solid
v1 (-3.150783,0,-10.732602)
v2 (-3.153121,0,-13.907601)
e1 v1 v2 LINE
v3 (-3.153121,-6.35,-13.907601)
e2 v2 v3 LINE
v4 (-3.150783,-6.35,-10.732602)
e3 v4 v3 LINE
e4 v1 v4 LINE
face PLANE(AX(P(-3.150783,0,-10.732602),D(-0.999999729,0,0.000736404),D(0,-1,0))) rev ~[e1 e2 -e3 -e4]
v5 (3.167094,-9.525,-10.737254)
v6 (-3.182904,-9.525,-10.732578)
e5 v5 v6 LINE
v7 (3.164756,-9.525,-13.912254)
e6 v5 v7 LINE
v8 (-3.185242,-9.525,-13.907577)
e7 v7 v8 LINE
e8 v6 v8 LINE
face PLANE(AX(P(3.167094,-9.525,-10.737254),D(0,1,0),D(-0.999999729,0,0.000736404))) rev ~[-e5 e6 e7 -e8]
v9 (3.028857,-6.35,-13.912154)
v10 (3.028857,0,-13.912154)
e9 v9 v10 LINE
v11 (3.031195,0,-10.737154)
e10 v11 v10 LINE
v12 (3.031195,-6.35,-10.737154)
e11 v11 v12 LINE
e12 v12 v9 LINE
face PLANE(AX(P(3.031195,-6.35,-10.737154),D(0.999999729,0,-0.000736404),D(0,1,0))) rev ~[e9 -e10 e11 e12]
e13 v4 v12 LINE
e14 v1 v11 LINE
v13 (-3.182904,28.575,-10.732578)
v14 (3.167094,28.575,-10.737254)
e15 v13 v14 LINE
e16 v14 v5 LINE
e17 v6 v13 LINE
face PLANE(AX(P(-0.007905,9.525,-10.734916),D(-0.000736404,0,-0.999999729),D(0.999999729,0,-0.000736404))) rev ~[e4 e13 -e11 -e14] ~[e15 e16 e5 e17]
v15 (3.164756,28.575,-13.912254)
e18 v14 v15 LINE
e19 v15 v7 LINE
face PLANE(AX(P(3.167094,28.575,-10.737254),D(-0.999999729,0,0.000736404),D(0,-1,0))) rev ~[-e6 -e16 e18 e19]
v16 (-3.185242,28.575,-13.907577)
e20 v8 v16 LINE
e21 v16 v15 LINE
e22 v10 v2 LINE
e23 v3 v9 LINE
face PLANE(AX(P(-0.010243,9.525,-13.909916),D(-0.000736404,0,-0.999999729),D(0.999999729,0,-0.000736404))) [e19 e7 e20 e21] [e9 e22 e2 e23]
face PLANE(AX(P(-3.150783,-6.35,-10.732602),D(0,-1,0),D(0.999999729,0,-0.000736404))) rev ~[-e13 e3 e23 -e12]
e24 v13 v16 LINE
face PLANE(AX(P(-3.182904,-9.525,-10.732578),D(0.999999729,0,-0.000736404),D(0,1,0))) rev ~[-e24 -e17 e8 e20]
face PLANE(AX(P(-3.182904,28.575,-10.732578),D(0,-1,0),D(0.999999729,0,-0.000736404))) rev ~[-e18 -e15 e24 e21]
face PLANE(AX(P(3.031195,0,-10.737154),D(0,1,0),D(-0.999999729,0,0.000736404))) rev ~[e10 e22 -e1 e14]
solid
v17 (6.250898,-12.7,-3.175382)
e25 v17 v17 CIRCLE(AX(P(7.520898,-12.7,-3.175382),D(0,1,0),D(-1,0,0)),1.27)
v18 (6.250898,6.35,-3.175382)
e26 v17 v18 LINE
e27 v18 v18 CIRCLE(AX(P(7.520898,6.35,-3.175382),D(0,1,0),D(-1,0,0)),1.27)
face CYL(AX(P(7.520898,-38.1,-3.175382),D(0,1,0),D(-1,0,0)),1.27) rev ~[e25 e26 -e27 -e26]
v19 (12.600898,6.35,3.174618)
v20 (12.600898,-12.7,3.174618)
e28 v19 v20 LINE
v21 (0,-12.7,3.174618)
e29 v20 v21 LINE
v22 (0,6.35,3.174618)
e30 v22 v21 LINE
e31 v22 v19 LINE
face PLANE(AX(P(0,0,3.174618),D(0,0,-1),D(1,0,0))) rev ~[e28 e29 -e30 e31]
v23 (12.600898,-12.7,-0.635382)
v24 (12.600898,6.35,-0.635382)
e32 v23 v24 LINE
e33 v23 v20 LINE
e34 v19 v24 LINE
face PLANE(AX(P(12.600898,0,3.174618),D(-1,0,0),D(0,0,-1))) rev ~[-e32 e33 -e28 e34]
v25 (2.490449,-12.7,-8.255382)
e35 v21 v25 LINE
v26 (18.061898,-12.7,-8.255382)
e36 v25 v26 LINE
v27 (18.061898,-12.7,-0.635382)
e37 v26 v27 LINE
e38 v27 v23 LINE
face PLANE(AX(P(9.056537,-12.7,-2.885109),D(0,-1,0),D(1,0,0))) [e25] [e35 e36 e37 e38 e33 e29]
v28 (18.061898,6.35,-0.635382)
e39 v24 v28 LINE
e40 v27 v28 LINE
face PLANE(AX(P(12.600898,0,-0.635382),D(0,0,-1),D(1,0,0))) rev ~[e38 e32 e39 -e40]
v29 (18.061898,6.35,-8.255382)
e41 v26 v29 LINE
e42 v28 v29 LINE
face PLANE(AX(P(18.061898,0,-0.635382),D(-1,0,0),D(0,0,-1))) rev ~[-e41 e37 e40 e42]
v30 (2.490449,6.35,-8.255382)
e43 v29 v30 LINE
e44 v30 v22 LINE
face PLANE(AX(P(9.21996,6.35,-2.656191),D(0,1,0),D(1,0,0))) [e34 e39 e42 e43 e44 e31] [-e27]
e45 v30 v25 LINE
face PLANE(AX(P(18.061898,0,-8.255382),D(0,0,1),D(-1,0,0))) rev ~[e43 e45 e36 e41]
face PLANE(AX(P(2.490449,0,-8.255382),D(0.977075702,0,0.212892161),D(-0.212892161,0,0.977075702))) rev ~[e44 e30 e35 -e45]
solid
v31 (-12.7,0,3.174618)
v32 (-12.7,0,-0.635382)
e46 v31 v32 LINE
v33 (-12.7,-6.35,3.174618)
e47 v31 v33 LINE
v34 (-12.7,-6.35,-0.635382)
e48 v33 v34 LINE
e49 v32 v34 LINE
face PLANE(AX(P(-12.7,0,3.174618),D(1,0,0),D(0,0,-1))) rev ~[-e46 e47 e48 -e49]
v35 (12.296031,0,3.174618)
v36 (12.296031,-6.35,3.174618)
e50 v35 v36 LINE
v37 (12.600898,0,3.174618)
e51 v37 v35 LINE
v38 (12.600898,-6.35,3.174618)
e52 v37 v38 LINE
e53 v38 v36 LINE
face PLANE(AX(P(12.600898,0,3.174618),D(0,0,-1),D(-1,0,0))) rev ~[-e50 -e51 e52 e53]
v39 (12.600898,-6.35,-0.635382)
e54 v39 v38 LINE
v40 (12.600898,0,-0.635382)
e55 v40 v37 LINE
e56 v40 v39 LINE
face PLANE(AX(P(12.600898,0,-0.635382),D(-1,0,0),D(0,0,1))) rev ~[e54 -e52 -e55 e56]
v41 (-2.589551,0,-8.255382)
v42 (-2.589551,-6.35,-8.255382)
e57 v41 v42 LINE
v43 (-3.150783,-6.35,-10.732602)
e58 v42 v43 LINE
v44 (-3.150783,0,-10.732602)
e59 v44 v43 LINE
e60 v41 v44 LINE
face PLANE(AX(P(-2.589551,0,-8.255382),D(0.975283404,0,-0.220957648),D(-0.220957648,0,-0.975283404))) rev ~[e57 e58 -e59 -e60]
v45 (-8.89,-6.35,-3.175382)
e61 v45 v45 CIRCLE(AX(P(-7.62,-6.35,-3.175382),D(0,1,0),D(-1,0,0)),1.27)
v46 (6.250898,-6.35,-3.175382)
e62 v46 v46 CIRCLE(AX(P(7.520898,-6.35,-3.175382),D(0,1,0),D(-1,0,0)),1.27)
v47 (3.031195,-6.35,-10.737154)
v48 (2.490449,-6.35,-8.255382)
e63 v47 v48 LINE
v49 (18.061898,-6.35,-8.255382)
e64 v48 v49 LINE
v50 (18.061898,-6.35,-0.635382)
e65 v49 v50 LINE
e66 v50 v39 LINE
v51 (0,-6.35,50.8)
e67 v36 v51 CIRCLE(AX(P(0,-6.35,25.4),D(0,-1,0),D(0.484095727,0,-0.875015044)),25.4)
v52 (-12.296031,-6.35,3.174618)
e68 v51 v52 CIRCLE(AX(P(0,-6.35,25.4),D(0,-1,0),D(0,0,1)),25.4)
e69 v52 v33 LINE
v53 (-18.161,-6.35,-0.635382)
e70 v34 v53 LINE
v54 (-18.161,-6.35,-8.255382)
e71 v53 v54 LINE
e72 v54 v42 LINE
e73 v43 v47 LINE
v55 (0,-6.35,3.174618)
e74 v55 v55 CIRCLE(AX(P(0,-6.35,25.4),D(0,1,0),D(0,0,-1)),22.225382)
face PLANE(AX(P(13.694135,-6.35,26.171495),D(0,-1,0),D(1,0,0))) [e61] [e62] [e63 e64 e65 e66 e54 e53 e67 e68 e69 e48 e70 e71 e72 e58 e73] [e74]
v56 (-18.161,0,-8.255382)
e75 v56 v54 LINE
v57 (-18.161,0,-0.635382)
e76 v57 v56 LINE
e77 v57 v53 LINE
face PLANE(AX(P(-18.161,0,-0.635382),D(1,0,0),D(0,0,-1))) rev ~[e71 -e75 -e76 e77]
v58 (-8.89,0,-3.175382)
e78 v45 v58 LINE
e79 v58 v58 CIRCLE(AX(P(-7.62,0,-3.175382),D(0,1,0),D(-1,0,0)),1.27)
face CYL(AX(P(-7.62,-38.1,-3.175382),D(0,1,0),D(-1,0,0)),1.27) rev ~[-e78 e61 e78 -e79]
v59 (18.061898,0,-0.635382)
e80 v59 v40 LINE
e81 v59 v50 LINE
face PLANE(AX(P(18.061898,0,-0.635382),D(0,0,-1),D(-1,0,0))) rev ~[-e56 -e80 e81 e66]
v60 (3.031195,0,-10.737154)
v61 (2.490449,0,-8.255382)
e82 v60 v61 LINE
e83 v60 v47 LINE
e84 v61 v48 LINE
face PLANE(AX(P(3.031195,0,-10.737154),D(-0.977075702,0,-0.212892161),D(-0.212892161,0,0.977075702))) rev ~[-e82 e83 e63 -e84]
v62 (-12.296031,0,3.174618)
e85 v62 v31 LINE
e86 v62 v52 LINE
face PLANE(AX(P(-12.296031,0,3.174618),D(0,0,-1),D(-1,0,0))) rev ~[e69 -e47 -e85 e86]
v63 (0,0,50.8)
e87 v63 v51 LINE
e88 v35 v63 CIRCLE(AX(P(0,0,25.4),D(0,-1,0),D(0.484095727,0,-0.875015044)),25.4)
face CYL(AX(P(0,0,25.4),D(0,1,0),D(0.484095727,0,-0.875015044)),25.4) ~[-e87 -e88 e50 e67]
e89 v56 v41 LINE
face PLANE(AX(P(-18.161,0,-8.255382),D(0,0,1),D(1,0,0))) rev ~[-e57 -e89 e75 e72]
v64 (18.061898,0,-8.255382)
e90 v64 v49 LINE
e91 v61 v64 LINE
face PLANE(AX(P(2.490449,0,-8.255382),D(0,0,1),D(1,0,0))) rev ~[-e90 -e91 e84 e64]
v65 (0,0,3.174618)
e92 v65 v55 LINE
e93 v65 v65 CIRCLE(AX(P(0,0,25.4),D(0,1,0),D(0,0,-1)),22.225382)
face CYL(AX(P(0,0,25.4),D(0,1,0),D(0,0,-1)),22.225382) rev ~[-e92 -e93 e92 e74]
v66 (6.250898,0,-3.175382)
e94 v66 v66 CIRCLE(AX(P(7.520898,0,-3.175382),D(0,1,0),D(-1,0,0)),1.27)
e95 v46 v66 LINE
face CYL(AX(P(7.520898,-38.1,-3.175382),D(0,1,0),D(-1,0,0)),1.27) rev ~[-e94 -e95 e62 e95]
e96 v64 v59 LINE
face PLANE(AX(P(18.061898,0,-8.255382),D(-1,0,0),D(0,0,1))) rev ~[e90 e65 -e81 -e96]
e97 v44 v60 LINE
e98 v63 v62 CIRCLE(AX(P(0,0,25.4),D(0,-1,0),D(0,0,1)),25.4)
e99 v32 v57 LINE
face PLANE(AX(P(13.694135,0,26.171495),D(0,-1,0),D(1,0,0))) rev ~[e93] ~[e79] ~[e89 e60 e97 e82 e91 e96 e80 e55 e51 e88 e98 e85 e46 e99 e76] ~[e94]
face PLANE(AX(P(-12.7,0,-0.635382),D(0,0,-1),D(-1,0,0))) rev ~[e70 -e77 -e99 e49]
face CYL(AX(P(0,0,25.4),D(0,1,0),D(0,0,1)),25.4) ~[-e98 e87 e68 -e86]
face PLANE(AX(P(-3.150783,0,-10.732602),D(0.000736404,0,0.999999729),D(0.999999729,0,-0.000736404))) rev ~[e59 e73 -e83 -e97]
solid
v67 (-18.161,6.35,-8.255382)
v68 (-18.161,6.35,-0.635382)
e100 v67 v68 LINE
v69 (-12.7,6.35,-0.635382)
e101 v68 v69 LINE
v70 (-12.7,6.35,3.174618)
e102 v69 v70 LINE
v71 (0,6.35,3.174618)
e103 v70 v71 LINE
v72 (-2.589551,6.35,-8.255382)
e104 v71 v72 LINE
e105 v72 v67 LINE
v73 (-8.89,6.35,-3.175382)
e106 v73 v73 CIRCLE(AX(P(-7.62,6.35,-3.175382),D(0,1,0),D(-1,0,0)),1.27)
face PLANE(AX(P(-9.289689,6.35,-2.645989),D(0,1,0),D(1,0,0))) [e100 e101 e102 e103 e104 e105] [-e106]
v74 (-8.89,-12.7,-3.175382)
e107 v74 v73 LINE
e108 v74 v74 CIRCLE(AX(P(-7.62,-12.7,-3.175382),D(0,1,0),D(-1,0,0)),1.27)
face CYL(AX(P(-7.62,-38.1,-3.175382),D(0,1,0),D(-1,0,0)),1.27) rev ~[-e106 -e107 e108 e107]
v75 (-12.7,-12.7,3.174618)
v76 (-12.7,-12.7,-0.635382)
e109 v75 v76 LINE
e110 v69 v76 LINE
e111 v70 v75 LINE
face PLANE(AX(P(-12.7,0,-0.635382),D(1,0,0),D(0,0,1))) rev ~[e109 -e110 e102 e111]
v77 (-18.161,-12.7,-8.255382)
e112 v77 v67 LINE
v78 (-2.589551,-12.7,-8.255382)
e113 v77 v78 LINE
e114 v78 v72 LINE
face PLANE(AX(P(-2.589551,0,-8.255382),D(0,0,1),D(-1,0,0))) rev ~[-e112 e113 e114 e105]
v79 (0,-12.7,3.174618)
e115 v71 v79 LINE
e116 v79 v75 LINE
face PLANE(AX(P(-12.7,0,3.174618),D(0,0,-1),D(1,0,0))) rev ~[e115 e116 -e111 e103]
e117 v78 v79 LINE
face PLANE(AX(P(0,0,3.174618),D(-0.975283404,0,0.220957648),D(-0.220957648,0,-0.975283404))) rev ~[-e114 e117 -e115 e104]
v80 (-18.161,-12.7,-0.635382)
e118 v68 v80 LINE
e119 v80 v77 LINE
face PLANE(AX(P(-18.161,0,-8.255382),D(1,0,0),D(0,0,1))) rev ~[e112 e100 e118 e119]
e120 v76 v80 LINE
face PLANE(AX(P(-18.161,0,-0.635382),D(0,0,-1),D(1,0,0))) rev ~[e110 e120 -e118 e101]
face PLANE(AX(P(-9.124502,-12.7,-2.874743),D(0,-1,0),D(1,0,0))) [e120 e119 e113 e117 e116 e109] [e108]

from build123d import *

# Parameters (mm, degrees)
F1_DEPTH   = 12.7
F2_DEPTH   = 6.35
F3_DEPTH   = 6.35
F5_DEPTH   = 3.175
F8_D       = 2.54
F8_DEPTH   = 25.4
F8_TIP     = 0.7630929862
F8_2_D     = 2.54
F8_2_DEPTH = 25.4
F8_2_TIP   = 0.7630929862
F9_D       = 2.54
F9_DEPTH   = 25.4
F9_TIP     = 0.7630929862
F9_2_D     = 2.54
F9_2_DEPTH = 25.4
F9_2_TIP   = 0.7630929862


with BuildPart() as f1:
    # F0 (on Front) → F1 (new body)
    with BuildSketch(Plane.XZ):
        with BuildLine():
            Line((12.6008983988, 3.1746178865), (12.29603147, 3.1746178865))
            ThreePointArc((12.29603147, 3.1746178865), (7.7922258762, 1.2247809546), (2.9975086375, 0.1774913625))
            Line((2.9975086375, 0.1774913625), (0, 3.1746178865))
            Line((0, 3.1746178865), (2.4904491994, -8.2553821135))
            Line((2.4904491994, -8.2553821135), (18.0618983988, -8.2553821135))
            Line((18.0618983988, -8.2553821135), (18.0618983988, -0.6353821135))
            Line((18.0618983988, -0.6353821135), (12.6008983988, -0.6353821135))
            Line((12.6008983988, -0.6353821135), (12.6008983988, 3.1746178865))
        make_face()
        with BuildLine():
            ThreePointArc((2.9975086375, 0.1774913625), (7.7922258762, 1.2247809546), (12.29603147, 3.1746178865))
            Line((12.29603147, 3.1746178865), (0, 3.1746178865))
            Line((0, 3.1746178865), (2.9975086375, 0.1774913625))
        make_face()
    extrude(amount=F1_DEPTH)



with BuildPart() as f1b:
    # F0 (on Front) → F1, piece 2 (new body)
    with BuildSketch(Plane.XZ):
        with BuildLine():
            ThreePointArc((-2.9975086375, 0.1774913625), (-7.7922258762, 1.2247809546), (-12.29603147, 3.1746178865))
            Line((-12.29603147, 3.1746178865), (-12.7, 3.1746178865))
            Line((-12.7, 3.1746178865), (-12.7, -0.6353821135))
            Line((-12.7, -0.6353821135), (-18.161, -0.6353821135))
            Line((-18.161, -0.6353821135), (-18.161, -8.2553821135))
            Line((-18.161, -8.2553821135), (-2.5895508006, -8.2553821135))
            Line((-2.5895508006, -8.2553821135), (0, 3.1746178865))
            Line((0, 3.1746178865), (-2.9975086375, 0.1774913625))
        make_face()
        with BuildLine():
            Line((0, 3.1746178865), (-12.29603147, 3.1746178865))
            ThreePointArc((-12.29603147, 3.1746178865), (-7.7922258762, 1.2247809546), (-2.9975086375, 0.1774913625))
            Line((-2.9975086375, 0.1774913625), (0, 3.1746178865))
        make_face()
    extrude(amount=F1_DEPTH)


with BuildPart() as f1_1:
    add(f1.part)

    add(f1b.part)  # F2 merges F1b
    # F1_face (on face) → F2 (join)
    with BuildSketch(Plane(origin=(8.9471233845, 0, -2.8446774946), x_dir=(1, 0, 0), z_dir=(0, 1, 0))):
        Polygon((3.6537750143, -6.0192953811), (3.6537750143, -2.2092953811), (9.1147750143, -2.2092953811), (9.1147750143, 5.4107046189), (-6.4566741851, 5.4107046189), (-8.9471233845, -6.0192953811), align=None)
        Polygon((-21.6471233845, -2.2092953811), (-21.6471233845, -6.0192953811), (-8.9471233845, -6.0192953811), (-11.5366741851, 5.4107046189), (-27.1081233845, 5.4107046189), (-27.1081233845, -2.2092953811), align=None)
    extrude(amount=F2_DEPTH)

    # F8
    with Locations(Plane.XZ.offset(12.7)):
        with Locations((-7.62, -3.1753821135)):
            Hole(F8_D / 2, depth=F8_DEPTH)
            with Locations((0, 0, -(F8_DEPTH + F8_TIP / 2))):  # 118° drill point
                Cone(0, F8_D / 2, F8_TIP, mode=Mode.SUBTRACT)

    # F9
    with Locations(Plane.XZ.offset(12.7)):
        with Locations((7.5208983988, -3.1753821135)):
            Hole(F9_D / 2, depth=F9_DEPTH)
            with Locations((0, 0, -(F9_DEPTH + F9_TIP / 2))):  # 118° drill point
                Cone(0, F9_D / 2, F9_TIP, mode=Mode.SUBTRACT)


with BuildPart() as f3:
    # F0 (on Front) → F3 (new body)
    with BuildSketch(Plane.XZ):
        with BuildLine():
            ThreePointArc((12.29603147, 3.1746178865), (24.5935429095, 31.749617875), (0, 50.8))
            add(Edge.make_bspline(
                [(0, 50.8), (0.7272849168, 50.2708160224), (2.1817833798, 49.2123954852), (0.7272373343, 48.1545314692), (0, 47.6253821135)],
                knots=[0, 0, 0, 0, 0.5000163567, 1, 1, 1, 1], degree=3))
            ThreePointArc((0, 47.6253821135), (22.2253821135, 25.4), (0, 3.1746178865))
            Line((0, 3.1746178865), (12.29603147, 3.1746178865))
        make_face()
        with BuildLine():
            add(Edge.make_bspline(
                [(0, 50.8), (0.7272849168, 50.2708160224), (2.1817833798, 49.2123954852), (0.7272373343, 48.1545314692), (0, 47.6253821135)],
                knots=[0, 0, 0, 0, 0.5000163567, 1, 1, 1, 1], degree=3))
            ThreePointArc((0, 50.8), (-24.5935429095, 31.749617875), (-12.29603147, 3.1746178865))
            Line((-12.29603147, 3.1746178865), (0, 3.1746178865))
            ThreePointArc((0, 3.1746178865), (-22.2253821135, 25.4), (0, 47.6253821135))
        make_face()
        with BuildLine():
            Line((12.6008983988, 3.1746178865), (12.29603147, 3.1746178865))
            ThreePointArc((12.29603147, 3.1746178865), (7.7922258762, 1.2247809546), (2.9975086375, 0.1774913625))
            Line((2.9975086375, 0.1774913625), (0, 3.1746178865))
            Line((0, 3.1746178865), (2.4904491994, -8.2553821135))
            Line((2.4904491994, -8.2553821135), (18.0618983988, -8.2553821135))
            Line((18.0618983988, -8.2553821135), (18.0618983988, -0.6353821135))
            Line((18.0618983988, -0.6353821135), (12.6008983988, -0.6353821135))
            Line((12.6008983988, -0.6353821135), (12.6008983988, 3.1746178865))
        make_face()
        with BuildLine():
            ThreePointArc((2.9975086375, 0.1774913625), (7.7922258762, 1.2247809546), (12.29603147, 3.1746178865))
            Line((12.29603147, 3.1746178865), (0, 3.1746178865))
            Line((0, 3.1746178865), (2.9975086375, 0.1774913625))
        make_face()
        with BuildLine():
            Line((0, 3.1746178865), (-12.29603147, 3.1746178865))
            ThreePointArc((-12.29603147, 3.1746178865), (-7.7922258762, 1.2247809546), (-2.9975086375, 0.1774913625))
            Line((-2.9975086375, 0.1774913625), (0, 3.1746178865))
        make_face()
        with BuildLine():
            ThreePointArc((-2.9975086375, 0.1774913625), (-7.7922258762, 1.2247809546), (-12.29603147, 3.1746178865))
            Line((-12.29603147, 3.1746178865), (-12.7, 3.1746178865))
            Line((-12.7, 3.1746178865), (-12.7, -0.6353821135))
            Line((-12.7, -0.6353821135), (-18.161, -0.6353821135))
            Line((-18.161, -0.6353821135), (-18.161, -8.2553821135))
            Line((-18.161, -8.2553821135), (-2.5895508006, -8.2553821135))
            Line((-2.5895508006, -8.2553821135), (0, 3.1746178865))
            Line((0, 3.1746178865), (-2.9975086375, 0.1774913625))
        make_face()
        Polygon((2.4904491994, -8.2553821135), (0, 3.1746178865), (-2.5895508006, -8.2553821135), (-3.1507832271, -10.7326019591), (3.0311952883, -10.737154397), align=None)
    extrude(amount=F3_DEPTH)

    # F4 (on face) → F5 (join)
    with BuildSketch(Plane(origin=(-0.0079052427, 0, -10.7349163891), x_dir=(0.9999997289, 0, -0.0007364045), z_dir=(-0.0007364045, 0, -0.9999997289))):
        Polygon((3.175, -3.175), (3.175, 9.525), (-3.175, 9.525), (-3.175, -3.175), (-3.175, -28.575), (3.175, -28.575), align=None)
        Polygon((3.039101355, 0), (0, 0), (-3.1428788366, 0), (-3.1428788366, 6.35), (0, 6.35), (3.039101355, 6.35), align=None, mode=Mode.SUBTRACT)
    extrude(amount=F5_DEPTH)

    # F8#2
    with Locations(Plane.XZ.offset(12.7)):
        with Locations((-7.62, -3.1753821135)):
            Hole(F8_2_D / 2, depth=F8_2_DEPTH)
            with Locations((0, 0, -(F8_2_DEPTH + F8_2_TIP / 2))):  # 118° drill point
                Cone(0, F8_2_D / 2, F8_2_TIP, mode=Mode.SUBTRACT)

    # F9#2
    with Locations(Plane.XZ.offset(12.7)):
        with Locations((7.5208983988, -3.1753821135)):
            Hole(F9_2_D / 2, depth=F9_2_DEPTH)
            with Locations((0, 0, -(F9_2_DEPTH + F9_2_TIP / 2))):  # 118° drill point
                Cone(0, F9_2_D / 2, F9_2_TIP, mode=Mode.SUBTRACT)


solid = Compound([f1_1.part, f3.part])
